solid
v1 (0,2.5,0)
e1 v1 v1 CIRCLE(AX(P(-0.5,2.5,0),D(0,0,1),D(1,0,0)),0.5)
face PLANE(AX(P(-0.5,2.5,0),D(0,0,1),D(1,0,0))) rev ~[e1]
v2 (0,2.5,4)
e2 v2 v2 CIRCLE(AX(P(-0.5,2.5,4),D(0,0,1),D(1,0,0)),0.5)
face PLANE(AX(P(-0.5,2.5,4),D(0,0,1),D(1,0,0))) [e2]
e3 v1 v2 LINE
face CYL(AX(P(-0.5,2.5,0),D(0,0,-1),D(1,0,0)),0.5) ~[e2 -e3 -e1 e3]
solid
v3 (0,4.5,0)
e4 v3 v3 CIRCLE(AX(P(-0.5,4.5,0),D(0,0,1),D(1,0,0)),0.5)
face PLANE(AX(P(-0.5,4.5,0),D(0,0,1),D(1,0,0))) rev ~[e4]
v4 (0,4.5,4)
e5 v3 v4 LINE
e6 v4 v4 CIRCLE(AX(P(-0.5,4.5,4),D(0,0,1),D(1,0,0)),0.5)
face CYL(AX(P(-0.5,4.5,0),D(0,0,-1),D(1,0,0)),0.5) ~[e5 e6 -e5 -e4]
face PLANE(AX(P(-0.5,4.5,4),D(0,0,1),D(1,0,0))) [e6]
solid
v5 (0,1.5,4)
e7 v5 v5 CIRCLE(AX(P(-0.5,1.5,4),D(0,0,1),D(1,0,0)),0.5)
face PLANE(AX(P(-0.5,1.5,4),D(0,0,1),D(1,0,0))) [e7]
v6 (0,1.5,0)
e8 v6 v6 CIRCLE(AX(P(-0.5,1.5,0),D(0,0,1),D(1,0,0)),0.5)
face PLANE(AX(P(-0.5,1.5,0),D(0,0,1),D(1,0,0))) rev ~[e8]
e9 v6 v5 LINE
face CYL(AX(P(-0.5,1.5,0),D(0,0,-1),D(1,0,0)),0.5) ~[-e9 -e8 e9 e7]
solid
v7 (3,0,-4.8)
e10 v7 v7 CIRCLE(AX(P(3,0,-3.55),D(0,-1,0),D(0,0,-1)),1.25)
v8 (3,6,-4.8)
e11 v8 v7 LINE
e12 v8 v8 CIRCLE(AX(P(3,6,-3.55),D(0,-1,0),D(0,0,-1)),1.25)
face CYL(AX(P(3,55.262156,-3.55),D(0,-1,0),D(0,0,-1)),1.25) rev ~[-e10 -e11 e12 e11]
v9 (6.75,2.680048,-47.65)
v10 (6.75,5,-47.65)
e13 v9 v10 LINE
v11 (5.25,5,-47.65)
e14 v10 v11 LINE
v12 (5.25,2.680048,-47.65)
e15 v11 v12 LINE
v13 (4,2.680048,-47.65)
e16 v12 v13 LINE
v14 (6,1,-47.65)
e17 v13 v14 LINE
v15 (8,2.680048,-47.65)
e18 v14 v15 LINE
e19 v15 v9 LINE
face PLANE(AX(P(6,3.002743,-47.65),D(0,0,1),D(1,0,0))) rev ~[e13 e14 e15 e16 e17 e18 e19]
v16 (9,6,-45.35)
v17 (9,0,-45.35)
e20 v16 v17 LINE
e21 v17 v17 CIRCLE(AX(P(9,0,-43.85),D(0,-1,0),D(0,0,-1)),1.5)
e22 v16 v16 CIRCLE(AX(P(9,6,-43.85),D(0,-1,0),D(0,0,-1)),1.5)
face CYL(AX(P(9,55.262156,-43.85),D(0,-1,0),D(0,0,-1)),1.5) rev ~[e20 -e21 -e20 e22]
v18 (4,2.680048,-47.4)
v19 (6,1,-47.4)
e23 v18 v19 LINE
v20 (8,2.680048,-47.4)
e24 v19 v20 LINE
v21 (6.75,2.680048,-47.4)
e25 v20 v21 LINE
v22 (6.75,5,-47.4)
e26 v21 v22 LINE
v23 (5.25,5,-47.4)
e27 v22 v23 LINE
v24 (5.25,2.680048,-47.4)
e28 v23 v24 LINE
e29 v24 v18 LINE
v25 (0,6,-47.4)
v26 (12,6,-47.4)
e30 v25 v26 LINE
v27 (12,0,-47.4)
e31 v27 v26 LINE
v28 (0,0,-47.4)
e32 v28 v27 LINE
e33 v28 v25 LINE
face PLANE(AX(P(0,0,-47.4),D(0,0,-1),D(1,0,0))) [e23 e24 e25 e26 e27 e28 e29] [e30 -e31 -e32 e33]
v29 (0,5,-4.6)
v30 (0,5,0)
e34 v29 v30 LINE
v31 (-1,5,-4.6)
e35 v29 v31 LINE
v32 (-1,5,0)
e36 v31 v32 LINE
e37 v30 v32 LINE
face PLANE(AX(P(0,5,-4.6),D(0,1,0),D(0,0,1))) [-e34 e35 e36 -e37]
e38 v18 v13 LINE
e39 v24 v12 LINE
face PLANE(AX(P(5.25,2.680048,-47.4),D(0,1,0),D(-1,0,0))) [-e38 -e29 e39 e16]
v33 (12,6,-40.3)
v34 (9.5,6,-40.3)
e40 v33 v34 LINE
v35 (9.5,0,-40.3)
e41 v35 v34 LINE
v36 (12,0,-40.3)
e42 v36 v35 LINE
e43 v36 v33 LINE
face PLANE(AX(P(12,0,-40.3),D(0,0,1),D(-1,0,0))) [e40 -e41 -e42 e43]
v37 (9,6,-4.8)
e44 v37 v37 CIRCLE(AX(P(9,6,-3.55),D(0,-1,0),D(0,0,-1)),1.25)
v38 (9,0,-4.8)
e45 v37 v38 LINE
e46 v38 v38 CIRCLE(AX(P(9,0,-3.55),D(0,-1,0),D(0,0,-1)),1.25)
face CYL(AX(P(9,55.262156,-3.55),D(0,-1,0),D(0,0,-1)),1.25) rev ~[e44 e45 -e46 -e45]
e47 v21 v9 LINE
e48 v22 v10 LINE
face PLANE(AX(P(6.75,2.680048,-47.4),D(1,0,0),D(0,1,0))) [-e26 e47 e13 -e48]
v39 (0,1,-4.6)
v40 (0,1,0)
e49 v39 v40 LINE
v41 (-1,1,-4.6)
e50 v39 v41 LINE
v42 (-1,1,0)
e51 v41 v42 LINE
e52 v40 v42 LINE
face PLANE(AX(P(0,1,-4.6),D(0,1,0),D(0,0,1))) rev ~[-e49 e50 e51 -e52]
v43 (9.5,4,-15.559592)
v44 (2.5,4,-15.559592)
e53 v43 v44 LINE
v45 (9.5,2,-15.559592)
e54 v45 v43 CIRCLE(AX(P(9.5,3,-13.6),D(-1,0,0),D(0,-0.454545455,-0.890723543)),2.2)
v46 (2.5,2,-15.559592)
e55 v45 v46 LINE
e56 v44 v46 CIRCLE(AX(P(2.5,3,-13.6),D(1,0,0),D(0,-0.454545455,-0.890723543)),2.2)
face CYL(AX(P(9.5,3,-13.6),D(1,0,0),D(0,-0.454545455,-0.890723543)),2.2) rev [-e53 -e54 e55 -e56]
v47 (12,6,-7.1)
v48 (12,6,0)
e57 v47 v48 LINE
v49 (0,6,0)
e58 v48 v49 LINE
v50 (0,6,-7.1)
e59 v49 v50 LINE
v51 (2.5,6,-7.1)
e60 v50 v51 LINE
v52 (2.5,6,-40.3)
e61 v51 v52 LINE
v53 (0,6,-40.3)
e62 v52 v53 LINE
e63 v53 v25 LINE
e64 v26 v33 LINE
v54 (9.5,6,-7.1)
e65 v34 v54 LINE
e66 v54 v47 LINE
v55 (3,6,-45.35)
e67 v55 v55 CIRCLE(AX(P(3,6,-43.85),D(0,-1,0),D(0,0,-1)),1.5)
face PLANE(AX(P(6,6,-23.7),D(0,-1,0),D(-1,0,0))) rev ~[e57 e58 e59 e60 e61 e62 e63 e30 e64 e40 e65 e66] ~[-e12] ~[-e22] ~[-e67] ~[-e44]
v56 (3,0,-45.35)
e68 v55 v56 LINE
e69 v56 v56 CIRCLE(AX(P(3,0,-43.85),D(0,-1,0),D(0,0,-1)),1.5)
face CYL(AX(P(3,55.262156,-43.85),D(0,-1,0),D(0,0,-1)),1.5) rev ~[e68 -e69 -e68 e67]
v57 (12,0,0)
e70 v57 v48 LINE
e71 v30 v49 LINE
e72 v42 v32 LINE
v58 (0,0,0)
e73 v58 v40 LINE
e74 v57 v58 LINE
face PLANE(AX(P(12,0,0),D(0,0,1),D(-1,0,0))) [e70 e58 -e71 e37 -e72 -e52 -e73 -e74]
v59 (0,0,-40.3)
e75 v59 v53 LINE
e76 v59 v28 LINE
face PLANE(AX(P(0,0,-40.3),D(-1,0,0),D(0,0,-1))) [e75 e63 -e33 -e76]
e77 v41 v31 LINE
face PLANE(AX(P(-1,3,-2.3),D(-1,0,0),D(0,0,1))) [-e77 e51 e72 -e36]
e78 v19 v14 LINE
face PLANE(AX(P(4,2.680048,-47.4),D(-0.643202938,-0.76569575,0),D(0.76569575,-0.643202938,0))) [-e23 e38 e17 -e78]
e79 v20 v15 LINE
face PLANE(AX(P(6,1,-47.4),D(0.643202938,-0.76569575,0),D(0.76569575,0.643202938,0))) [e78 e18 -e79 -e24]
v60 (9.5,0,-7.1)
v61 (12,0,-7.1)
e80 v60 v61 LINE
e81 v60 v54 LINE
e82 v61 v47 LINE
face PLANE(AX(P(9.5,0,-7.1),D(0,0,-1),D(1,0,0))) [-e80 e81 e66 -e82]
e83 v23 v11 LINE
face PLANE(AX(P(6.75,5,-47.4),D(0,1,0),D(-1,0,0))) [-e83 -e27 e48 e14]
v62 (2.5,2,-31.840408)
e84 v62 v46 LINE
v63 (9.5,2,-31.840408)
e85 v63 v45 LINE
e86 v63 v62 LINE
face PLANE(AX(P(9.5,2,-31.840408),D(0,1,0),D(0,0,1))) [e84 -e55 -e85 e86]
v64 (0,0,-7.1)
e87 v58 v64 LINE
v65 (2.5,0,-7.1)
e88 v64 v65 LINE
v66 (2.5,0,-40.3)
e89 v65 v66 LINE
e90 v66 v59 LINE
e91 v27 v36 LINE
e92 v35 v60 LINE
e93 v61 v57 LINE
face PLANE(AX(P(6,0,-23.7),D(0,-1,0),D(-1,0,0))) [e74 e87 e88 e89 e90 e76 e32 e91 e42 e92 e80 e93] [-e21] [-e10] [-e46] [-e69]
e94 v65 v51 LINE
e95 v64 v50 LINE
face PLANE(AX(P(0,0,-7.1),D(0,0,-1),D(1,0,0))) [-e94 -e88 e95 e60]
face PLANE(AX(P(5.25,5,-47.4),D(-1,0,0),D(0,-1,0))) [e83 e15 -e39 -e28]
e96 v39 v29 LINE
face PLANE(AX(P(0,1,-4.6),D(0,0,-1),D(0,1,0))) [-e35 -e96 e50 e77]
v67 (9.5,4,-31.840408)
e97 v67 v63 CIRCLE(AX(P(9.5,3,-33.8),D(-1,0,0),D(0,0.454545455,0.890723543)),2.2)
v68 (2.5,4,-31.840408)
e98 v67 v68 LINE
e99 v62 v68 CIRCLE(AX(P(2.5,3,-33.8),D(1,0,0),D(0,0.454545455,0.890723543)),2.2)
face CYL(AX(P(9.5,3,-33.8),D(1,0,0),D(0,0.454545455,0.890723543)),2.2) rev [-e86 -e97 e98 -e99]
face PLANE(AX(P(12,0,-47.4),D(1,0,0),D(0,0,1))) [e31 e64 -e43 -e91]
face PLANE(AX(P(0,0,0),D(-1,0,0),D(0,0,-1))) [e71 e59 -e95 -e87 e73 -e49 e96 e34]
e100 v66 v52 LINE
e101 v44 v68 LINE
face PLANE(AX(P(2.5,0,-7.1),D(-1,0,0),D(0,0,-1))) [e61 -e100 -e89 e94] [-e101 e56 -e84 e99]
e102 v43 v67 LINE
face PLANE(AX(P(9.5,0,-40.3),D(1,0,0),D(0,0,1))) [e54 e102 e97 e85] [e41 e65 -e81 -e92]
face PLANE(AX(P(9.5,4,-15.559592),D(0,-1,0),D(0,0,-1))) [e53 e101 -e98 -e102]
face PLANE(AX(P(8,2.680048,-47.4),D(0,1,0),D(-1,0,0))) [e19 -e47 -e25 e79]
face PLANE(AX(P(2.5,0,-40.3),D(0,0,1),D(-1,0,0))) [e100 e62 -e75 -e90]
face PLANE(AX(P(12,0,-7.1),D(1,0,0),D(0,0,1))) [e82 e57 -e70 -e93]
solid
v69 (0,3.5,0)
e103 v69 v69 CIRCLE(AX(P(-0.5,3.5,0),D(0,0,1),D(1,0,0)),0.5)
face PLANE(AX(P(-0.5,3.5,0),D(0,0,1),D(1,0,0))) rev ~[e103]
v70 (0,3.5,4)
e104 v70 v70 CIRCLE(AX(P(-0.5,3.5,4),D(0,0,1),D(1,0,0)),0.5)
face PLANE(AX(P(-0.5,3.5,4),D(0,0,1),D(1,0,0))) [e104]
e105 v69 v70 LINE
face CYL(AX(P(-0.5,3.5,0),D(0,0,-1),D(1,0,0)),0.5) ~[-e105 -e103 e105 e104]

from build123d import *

# Parameters (mm, degrees)
BOSS_EXTRUDE1_DEPTH     = 6
F_3_0MM_DOWEL_HOLE1_D   = 3
TAP_DRILL_FOR_M3_TAP1_D = 2.5
BOSS_EXTRUDE2_DEPTH     = 0.25
CUT_EXTRUDE1_REACH      = 50.957
SKETCH7_W               = 4.6
SKETCH7_H               = 4
BOSS_EXTRUDE3_DEPTH     = 1
SKETCH8_R               = 0.5
BOSS_EXTRUDE5_DEPTH     = 4
BOSS_EXTRUDE5_2_DEPTH   = 4
BOSS_EXTRUDE5_3_DEPTH   = 4
BOSS_EXTRUDE5_4_DEPTH   = 4


with BuildPart() as part:
    # Sketch1 → Boss-Extrude1 (new body)
    with BuildSketch(Plane(origin=(0, 0, 0), x_dir=(1, 0, 0), z_dir=(0, 1, 0))):
        Polygon((2.5, 7.1), (2.5, 40.3), (0, 40.3), (0, 47.4), (12, 47.4), (12, 40.3), (9.5, 40.3), (9.5, 7.1), (12, 7.1), (12, 0), (0, 0), (0, 7.1), align=None)
    extrude(amount=BOSS_EXTRUDE1_DEPTH)

    # Ø3.0mm Dowel Hole1 (through all)
    with Locations(Plane(origin=(3, 6, -43.85), x_dir=(0, 0, 1), z_dir=(0, 1, 0))):
        with Locations((0, 0), (0, 6)):
            Hole(F_3_0MM_DOWEL_HOLE1_D / 2)

    # Tap Drill for M3 Tap1 (through all)
    with Locations(Plane(origin=(9, 6, -3.55), x_dir=(0, 0, 1), z_dir=(0, 1, 0))):
        with Locations((0, 0), (0, -6)):
            Hole(TAP_DRILL_FOR_M3_TAP1_D / 2)

    # Sketch5 → Boss-Extrude2 (add)
    with BuildSketch(Plane(origin=(0, 0, -47.4), x_dir=(-1, 0, 0), z_dir=(0, 0, -1))):
        Polygon((-6.75, 5), (-5.25, 5), (-5.25, 2.680048343), (-4, 2.680048343), (-6, 1), (-8, 2.680048343), (-6.75, 2.680048343), align=None)
    extrude(amount=BOSS_EXTRUDE2_DEPTH)

    # Sketch6 → Cut-Extrude1 (cut, up to next)
    with BuildSketch(Plane(origin=(9.5, 0, 0), x_dir=(0, 0, -1), z_dir=(1, 0, 0)), mode=Mode.PRIVATE) as cut_extrude1_sk1:
        with BuildLine():
            Line((15.559591794, 4), (31.840408206, 4))
            ThreePointArc((31.840408206, 4), (36, 3), (31.840408206, 2))
            Line((31.840408206, 2), (15.559591794, 2))
            ThreePointArc((15.559591794, 2), (11.4, 3), (15.559591794, 4))
        make_face()
    cut_extrude1_tool1 = extrude(cut_extrude1_sk1.sketch, amount=-CUT_EXTRUDE1_REACH, mode=Mode.PRIVATE) & part.part
    add(cut_extrude1_tool1.solids().sort_by_distance((9.5, 3, -23.7))[0], mode=Mode.SUBTRACT)

    # Sketch7 → Boss-Extrude3 (add)
    with BuildSketch(Plane.ZY):
        with Locations((-2.3, 3)):
            Rectangle(SKETCH7_W, SKETCH7_H)
    extrude(amount=BOSS_EXTRUDE3_DEPTH)


with BuildPart() as body_2:
    # Sketch8 → Boss-Extrude5 (new body)
    with BuildSketch(Plane.XY):
        with Locations((-0.5, 4.5)):
            Circle(SKETCH8_R)
    extrude(amount=BOSS_EXTRUDE5_DEPTH)


with BuildPart() as body_3:
    # Sketch8 → Boss-Extrude5 2 (new body)
    with BuildSketch(Plane.XY):
        with Locations((-0.5, 1.5)):
            Circle(SKETCH8_R)
    extrude(amount=BOSS_EXTRUDE5_2_DEPTH)


with BuildPart() as body_4:
    # Sketch8 → Boss-Extrude5 3 (new body)
    with BuildSketch(Plane.XY):
        with BuildLine():
            ThreePointArc((-0.5, 2), (0, 2.5), (-0.5, 3))
            ThreePointArc((-0.5, 3), (-1, 2.5), (-0.5, 2))
        make_face()
    extrude(amount=BOSS_EXTRUDE5_3_DEPTH)


with BuildPart() as body_5:
    # Sketch8 → Boss-Extrude5 4 (new body)
    with BuildSketch(Plane.XY):
        with BuildLine():
            ThreePointArc((-0.5, 3), (0, 3.5), (-0.5, 4))
            ThreePointArc((-0.5, 4), (-1, 3.5), (-0.5, 3))
        make_face()
    extrude(amount=BOSS_EXTRUDE5_4_DEPTH)


solid = Compound([part.part, body_2.part, body_3.part, body_4.part, body_5.part])
